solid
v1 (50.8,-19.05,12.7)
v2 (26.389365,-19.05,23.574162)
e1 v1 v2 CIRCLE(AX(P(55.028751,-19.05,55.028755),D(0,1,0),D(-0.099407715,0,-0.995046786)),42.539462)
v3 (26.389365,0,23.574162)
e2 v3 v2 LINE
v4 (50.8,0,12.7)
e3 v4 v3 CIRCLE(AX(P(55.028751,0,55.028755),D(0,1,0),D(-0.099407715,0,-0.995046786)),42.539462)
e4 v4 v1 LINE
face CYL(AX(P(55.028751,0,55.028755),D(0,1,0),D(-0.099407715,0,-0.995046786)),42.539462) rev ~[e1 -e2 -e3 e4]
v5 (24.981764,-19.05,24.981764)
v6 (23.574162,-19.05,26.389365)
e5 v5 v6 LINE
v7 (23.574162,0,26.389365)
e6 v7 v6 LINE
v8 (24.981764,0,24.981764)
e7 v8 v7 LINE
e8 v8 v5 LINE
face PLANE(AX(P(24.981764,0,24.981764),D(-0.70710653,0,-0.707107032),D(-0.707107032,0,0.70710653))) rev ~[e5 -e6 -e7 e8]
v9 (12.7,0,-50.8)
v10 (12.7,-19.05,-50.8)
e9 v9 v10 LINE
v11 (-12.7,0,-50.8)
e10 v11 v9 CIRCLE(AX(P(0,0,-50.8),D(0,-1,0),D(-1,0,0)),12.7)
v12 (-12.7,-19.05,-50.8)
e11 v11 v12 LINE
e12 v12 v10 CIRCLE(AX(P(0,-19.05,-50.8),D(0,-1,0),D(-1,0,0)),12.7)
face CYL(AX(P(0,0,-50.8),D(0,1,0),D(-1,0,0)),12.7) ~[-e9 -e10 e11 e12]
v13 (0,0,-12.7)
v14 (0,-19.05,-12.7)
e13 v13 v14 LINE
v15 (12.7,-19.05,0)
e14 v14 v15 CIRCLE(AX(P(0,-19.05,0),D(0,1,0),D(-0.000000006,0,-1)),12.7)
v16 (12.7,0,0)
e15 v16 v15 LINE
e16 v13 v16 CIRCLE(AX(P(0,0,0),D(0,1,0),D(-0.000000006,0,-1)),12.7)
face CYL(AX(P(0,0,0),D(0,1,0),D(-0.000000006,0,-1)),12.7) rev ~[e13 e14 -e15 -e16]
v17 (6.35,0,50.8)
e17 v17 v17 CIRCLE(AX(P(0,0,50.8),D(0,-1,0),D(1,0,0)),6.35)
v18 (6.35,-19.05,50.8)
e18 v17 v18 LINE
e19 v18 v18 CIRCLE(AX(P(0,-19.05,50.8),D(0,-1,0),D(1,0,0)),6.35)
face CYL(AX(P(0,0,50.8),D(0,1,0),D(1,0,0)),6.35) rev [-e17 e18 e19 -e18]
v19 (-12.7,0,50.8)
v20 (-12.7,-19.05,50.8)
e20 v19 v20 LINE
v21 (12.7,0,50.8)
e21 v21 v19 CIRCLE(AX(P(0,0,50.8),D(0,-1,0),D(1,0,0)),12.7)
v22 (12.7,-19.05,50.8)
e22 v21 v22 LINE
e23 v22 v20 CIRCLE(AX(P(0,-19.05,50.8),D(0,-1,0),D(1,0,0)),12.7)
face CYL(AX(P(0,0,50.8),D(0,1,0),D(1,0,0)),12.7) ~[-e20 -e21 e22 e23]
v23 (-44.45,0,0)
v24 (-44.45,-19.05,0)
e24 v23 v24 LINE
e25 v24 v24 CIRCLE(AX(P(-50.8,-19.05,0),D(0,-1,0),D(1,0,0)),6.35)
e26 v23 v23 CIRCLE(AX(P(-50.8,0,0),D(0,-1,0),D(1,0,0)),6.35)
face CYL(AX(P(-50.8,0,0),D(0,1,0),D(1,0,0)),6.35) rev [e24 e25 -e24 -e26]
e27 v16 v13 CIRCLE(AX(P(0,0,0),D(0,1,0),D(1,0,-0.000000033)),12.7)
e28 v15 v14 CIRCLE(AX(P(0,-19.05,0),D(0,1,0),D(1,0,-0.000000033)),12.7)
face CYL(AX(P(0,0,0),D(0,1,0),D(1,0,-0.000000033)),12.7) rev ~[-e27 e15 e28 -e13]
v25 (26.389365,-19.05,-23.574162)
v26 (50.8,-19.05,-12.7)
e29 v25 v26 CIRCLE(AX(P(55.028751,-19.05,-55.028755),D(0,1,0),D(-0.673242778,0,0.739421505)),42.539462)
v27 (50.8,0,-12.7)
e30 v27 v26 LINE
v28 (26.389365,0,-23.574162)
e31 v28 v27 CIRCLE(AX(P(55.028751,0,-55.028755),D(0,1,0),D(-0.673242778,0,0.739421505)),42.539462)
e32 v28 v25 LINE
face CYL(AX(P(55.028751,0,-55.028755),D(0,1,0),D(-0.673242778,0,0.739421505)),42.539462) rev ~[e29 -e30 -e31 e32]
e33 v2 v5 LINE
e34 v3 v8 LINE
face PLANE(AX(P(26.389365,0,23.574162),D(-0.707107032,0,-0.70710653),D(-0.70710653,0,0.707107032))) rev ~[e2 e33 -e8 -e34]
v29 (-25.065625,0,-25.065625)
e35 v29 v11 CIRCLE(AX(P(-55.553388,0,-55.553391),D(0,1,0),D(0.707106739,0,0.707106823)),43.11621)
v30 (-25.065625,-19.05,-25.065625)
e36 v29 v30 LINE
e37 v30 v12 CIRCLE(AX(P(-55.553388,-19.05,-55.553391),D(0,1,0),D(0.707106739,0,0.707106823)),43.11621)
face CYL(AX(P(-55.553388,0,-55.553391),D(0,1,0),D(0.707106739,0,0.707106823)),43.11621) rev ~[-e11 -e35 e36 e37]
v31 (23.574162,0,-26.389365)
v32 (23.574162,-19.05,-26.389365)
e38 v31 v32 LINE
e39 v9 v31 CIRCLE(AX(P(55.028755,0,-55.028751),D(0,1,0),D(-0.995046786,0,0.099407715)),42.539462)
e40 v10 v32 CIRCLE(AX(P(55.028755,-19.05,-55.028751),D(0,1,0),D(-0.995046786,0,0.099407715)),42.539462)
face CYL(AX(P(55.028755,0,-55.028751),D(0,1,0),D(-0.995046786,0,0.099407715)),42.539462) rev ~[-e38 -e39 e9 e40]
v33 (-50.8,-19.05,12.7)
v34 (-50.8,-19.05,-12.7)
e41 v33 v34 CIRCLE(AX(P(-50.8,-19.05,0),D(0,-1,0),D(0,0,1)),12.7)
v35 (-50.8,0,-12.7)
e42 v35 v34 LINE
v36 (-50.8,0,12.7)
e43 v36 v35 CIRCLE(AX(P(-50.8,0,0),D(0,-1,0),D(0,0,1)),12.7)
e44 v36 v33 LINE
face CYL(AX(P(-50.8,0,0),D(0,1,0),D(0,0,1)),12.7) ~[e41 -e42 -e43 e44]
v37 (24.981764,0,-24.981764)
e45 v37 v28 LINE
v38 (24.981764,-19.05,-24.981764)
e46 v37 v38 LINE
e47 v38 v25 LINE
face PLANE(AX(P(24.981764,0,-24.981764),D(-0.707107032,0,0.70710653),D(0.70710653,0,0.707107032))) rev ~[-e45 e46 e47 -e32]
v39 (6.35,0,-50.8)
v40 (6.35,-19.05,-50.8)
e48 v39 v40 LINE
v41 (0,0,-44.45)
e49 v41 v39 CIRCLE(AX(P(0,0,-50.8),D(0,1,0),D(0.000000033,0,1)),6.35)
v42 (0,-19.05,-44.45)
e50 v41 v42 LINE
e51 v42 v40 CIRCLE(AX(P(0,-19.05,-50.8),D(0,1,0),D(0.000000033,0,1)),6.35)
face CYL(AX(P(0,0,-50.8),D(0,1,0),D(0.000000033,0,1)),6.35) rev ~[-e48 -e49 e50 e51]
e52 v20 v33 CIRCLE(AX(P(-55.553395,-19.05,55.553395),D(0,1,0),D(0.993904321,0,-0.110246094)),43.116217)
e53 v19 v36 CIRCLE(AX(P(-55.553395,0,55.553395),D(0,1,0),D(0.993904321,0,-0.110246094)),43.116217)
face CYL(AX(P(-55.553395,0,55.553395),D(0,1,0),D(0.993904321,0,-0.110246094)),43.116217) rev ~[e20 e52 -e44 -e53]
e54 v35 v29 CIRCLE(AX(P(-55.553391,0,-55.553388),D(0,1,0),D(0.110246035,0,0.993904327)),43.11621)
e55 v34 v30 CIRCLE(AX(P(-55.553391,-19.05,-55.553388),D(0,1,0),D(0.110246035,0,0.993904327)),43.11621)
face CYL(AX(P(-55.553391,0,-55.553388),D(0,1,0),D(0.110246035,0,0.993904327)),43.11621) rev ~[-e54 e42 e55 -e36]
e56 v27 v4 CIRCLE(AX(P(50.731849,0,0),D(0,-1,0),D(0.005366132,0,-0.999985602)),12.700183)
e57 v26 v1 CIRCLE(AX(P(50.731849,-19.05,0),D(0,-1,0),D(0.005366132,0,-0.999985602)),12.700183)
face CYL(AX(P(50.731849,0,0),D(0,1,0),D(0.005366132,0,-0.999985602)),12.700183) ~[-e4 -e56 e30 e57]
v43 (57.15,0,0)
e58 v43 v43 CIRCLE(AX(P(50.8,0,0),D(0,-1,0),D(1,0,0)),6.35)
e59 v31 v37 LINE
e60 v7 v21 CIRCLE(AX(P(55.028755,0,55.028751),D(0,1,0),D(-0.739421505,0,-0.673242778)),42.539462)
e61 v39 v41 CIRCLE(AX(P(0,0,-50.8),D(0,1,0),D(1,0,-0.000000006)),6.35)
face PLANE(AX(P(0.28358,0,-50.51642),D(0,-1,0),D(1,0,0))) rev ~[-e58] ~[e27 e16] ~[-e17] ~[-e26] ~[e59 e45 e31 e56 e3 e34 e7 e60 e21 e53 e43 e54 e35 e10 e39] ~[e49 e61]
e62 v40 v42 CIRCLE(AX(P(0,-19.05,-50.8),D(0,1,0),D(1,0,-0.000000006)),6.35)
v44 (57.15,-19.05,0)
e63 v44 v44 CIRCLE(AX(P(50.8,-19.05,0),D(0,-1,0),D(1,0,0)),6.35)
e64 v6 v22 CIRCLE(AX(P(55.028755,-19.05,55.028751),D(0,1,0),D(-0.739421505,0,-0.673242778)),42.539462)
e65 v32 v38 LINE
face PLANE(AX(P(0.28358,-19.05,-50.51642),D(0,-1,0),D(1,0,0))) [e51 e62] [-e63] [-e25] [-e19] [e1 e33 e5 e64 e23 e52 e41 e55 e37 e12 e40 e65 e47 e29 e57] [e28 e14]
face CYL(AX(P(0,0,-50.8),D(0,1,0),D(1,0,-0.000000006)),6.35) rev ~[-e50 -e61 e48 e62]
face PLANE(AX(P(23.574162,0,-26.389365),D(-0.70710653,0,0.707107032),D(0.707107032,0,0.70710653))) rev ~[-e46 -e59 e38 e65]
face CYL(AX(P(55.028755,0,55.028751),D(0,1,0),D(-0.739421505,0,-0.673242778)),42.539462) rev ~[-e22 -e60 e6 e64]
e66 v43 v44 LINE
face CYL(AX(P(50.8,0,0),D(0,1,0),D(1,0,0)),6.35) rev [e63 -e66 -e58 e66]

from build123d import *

# Parameters (mm, degrees)
F0_R     = 6.35
F1_DEPTH = 19.05


with BuildPart() as f1:
    # F0 (on Front) → F1 (new body)
    with BuildSketch(Plane.XZ):
        with BuildLine():
            ThreePointArc((6.35, -50.8), (4.490128, -46.309872), (0, -44.45))
            ThreePointArc((0, -44.45), (-4.490128, -55.290128), (6.35, -50.8))
        make_face()
        with Locations((50.8, 0)):
            Circle(F0_R)
        with BuildLine():
            Line((26.389365, 23.574162), (24.981764, 24.981764))
            Line((24.981764, 24.981764), (24.948811, 24.948811))
            ThreePointArc((24.948811, 24.948811), (25.661044, 24.253057), (26.389365, 23.574162))
        make_face()
        with BuildLine():
            Line((24.948811, 24.948811), (24.981764, 24.981764))
            Line((24.981764, 24.981764), (23.574162, 26.389365))
            ThreePointArc((23.574162, 26.389365), (24.253057, 25.661044), (24.948811, 24.948811))
        make_face()
        with BuildLine():
            ThreePointArc((26.389365, 23.574162), (25.661044, 24.253057), (24.948811, 24.948811))
            ThreePointArc((24.948811, 24.948811), (24.253057, 25.661044), (23.574162, 26.389365))
            ThreePointArc((23.574162, 26.389365), (16.170482, 37.718625), (12.7, 50.8))
            ThreePointArc((12.7, 50.8), (0, 63.5), (-12.7, 50.8))
            ThreePointArc((-12.7, 50.8), (-25.065625, 25.065625), (-50.8, 12.7))
            ThreePointArc((-50.8, 12.7), (-63.5, 0), (-50.8, -12.7))
            ThreePointArc((-50.8, -12.7), (-36.87956, -16.690866), (-25.065625, -25.065625))
            ThreePointArc((-25.065625, -25.065625), (-16.690866, -36.87956), (-12.7, -50.8))
            ThreePointArc((-12.7, -50.8), (0, -63.5), (12.7, -50.8))
            ThreePointArc((12.7, -50.8), (16.170482, -37.718625), (23.574162, -26.389365))
            ThreePointArc((23.574162, -26.389365), (24.253057, -25.661044), (24.948811, -24.948811))
            ThreePointArc((24.948811, -24.948811), (25.661044, -24.253057), (26.389365, -23.574162))
            ThreePointArc((26.389365, -23.574162), (37.718625, -16.170482), (50.8, -12.7))
            ThreePointArc((50.8, -12.7), (63.432032, 0), (50.8, 12.7))
            ThreePointArc((50.8, 12.7), (37.718625, 16.170482), (26.389365, 23.574162))
        make_face()
        with BuildLine():
            ThreePointArc((6.35, -50.8), (-4.490128, -55.290128), (0, -44.45))
            ThreePointArc((0, -44.45), (4.490128, -46.309872), (6.35, -50.8))
        make_face(mode=Mode.SUBTRACT)
        with Locations((-50.8, 0)):
            Circle(F0_R, mode=Mode.SUBTRACT)
        with BuildLine():
            ThreePointArc((12.7, 0), (8.980256, -8.980256), (0, -12.7))
            ThreePointArc((0, -12.7), (-8.980256, 8.980256), (12.7, 0))
        make_face(mode=Mode.SUBTRACT)
        with Locations((50.8, 0)):
            Circle(F0_R, mode=Mode.SUBTRACT)
        with Locations((0, 50.8)):
            Circle(F0_R, mode=Mode.SUBTRACT)
        with BuildLine():
            Line((24.981764, -24.981764), (26.389365, -23.574162))
            ThreePointArc((26.389365, -23.574162), (25.661044, -24.253057), (24.948811, -24.948811))
            Line((24.948811, -24.948811), (24.981764, -24.981764))
        make_face()
        with BuildLine():
            Line((23.574162, -26.389365), (24.981764, -24.981764))
            Line((24.981764, -24.981764), (24.948811, -24.948811))
            ThreePointArc((24.948811, -24.948811), (24.253057, -25.661044), (23.574162, -26.389365))
        make_face()
    extrude(amount=F1_DEPTH)


solid = f1.part
